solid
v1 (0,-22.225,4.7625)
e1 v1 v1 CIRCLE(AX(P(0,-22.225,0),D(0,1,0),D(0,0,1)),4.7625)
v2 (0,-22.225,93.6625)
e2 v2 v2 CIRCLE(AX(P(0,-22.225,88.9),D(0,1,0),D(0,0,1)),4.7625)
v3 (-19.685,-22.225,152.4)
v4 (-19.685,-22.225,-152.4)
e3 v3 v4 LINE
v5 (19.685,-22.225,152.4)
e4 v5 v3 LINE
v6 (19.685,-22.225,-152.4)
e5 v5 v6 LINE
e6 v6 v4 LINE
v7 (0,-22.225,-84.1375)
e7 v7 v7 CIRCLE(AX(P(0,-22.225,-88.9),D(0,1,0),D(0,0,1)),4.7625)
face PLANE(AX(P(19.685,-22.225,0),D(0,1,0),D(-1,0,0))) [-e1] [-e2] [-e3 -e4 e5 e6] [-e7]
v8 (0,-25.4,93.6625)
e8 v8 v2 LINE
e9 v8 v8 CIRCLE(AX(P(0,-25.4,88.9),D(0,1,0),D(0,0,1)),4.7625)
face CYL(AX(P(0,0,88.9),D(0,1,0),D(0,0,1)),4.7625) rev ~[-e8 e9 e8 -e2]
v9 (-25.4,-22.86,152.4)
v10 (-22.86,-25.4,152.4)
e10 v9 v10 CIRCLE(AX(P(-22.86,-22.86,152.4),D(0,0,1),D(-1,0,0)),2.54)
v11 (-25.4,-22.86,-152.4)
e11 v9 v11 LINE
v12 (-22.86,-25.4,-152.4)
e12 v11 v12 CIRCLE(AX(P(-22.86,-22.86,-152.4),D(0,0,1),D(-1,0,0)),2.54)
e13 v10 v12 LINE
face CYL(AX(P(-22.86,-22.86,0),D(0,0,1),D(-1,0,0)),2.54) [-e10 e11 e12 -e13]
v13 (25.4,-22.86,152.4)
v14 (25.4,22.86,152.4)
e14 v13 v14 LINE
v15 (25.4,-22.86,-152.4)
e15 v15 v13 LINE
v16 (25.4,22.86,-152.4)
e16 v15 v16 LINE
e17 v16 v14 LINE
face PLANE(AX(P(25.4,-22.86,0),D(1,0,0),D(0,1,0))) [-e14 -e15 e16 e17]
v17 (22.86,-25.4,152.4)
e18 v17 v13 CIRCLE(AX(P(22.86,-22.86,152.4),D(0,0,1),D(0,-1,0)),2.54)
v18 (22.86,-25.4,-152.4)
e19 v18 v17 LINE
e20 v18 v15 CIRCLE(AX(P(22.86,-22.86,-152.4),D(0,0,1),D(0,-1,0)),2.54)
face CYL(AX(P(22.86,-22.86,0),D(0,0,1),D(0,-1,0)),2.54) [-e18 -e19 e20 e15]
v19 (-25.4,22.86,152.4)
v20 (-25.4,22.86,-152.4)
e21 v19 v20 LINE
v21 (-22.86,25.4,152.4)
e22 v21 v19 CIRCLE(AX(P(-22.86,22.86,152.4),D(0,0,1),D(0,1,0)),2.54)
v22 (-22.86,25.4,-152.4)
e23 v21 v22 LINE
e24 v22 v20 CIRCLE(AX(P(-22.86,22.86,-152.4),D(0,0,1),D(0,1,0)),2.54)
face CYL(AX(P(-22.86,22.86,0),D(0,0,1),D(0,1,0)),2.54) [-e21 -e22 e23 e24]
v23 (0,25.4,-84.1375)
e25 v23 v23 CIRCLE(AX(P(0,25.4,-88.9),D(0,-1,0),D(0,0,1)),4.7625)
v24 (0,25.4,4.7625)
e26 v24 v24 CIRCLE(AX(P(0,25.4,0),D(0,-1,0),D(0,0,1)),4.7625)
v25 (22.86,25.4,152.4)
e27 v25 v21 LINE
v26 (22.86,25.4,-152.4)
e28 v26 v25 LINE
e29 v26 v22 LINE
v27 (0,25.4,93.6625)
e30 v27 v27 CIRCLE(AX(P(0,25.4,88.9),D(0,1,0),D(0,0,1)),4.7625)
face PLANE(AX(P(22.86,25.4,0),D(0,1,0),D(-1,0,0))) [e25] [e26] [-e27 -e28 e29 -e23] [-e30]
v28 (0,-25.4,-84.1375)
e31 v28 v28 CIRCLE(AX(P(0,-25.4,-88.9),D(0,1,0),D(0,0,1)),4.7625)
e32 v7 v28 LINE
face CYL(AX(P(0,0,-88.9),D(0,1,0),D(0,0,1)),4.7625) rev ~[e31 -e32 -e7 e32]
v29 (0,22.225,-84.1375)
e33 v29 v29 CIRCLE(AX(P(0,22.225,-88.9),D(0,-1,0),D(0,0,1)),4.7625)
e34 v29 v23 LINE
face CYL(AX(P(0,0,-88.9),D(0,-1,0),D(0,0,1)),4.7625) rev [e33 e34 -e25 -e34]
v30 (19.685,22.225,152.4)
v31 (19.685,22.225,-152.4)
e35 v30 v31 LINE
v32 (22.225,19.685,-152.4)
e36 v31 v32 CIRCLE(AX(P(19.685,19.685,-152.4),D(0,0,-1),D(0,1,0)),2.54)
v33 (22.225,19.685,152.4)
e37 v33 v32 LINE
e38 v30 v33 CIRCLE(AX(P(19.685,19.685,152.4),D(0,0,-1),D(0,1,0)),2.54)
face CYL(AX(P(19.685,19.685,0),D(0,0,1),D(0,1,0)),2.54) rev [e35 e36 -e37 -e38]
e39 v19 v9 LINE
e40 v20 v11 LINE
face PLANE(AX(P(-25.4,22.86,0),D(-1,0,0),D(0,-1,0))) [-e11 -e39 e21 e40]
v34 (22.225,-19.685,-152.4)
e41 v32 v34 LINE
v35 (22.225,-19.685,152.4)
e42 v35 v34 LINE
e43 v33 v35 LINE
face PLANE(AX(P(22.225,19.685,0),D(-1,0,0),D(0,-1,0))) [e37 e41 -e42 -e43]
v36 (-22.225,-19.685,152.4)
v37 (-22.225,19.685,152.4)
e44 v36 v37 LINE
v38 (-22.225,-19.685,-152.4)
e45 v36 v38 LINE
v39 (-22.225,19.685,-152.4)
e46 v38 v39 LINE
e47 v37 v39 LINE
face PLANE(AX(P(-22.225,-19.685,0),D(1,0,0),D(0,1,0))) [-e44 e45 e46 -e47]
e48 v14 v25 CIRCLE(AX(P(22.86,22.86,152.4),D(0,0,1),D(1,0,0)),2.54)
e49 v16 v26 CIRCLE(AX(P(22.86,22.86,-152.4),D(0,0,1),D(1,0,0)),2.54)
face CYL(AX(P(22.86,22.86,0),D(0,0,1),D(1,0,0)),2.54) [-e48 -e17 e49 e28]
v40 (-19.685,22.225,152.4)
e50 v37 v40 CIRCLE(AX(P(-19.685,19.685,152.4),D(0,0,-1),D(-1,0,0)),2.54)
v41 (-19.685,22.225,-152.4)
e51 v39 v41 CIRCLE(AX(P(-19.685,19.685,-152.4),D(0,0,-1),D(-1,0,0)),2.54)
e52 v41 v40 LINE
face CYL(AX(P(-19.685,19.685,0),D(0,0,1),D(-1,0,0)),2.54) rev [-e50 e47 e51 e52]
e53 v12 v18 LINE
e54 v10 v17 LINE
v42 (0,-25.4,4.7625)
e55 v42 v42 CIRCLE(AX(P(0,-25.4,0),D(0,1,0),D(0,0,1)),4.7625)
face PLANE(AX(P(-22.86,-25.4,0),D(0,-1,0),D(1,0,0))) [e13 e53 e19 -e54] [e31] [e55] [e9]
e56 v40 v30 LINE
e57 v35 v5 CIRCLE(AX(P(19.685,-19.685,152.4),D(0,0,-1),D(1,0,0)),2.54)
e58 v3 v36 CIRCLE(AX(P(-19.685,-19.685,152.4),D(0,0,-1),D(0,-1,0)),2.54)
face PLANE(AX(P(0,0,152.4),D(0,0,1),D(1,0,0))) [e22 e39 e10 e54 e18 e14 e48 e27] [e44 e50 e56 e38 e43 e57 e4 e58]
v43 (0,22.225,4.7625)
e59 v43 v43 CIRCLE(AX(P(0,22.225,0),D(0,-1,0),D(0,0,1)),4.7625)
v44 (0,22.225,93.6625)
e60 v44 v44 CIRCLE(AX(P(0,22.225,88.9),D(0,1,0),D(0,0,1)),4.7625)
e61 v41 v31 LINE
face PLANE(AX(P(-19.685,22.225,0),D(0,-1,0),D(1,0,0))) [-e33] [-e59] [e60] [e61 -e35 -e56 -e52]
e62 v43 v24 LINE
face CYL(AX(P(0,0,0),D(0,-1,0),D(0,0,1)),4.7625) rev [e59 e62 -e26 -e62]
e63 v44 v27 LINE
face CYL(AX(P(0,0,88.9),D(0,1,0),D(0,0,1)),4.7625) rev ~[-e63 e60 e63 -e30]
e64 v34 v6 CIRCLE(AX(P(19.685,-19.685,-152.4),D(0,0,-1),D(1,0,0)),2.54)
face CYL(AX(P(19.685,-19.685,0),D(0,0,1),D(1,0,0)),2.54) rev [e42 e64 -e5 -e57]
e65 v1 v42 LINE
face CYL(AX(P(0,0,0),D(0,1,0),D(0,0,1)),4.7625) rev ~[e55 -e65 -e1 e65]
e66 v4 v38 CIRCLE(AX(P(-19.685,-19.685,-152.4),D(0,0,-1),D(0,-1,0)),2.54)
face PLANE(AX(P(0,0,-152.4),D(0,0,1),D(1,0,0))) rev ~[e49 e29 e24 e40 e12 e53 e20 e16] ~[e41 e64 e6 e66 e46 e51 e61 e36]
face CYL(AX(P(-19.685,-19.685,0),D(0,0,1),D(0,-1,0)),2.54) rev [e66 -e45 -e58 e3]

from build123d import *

# Parameters (mm, degrees)
BOSS_EXTRUDE1_DEPTH = 152.4
SKETCH2_R           = 4.7625
CUT_EXTRUDE1_DEPTH  = 76.2


with BuildPart() as part:
    # Sketch1 → Boss-Extrude1 (new, symmetric)
    with BuildSketch(Plane.XY):
        with BuildLine():
            Line((-22.86, -25.4), (22.86, -25.4))
            ThreePointArc((22.86, -25.4), (24.656051224, -24.656051224), (25.4, -22.86))
            Line((25.4, -22.86), (25.4, 22.86))
            ThreePointArc((25.4, 22.86), (24.656051224, 24.656051224), (22.86, 25.4))
            Line((22.86, 25.4), (-22.86, 25.4))
            ThreePointArc((-22.86, 25.4), (-24.656051224, 24.656051224), (-25.4, 22.86))
            Line((-25.4, 22.86), (-25.4, -22.86))
            ThreePointArc((-25.4, -22.86), (-24.656051224, -24.656051224), (-22.86, -25.4))
        make_face()
        with BuildLine():
            Line((-19.685, 22.225), (19.685, 22.225))
            ThreePointArc((19.685, 22.225), (21.481051224, 21.481051224), (22.225, 19.685))
            Line((22.225, 19.685), (22.225, -19.685))
            ThreePointArc((22.225, -19.685), (21.481051224, -21.481051224), (19.685, -22.225))
            Line((19.685, -22.225), (-19.685, -22.225))
            ThreePointArc((-19.685, -22.225), (-21.481051224, -21.481051224), (-22.225, -19.685))
            Line((-22.225, -19.685), (-22.225, 19.685))
            ThreePointArc((-22.225, 19.685), (-21.481051224, 21.481051224), (-19.685, 22.225))
        make_face(mode=Mode.SUBTRACT)
    extrude(amount=BOSS_EXTRUDE1_DEPTH, both=True)

    # Sketch2 → Cut-Extrude1 (cut, symmetric)
    with BuildSketch(Plane(origin=(0, 0, 0), x_dir=(1, 0, 0), z_dir=(0, 1, 0))):
        with Locations(Location((0, 0, 0), (0, 0, 270))):
            Circle(SKETCH2_R)
        with Locations(Location((0, 88.9, 0), (0, 0, 270))):
            Circle(SKETCH2_R)
        with Locations(Location((0, -88.9, 0), (0, 0, 270))):
            Circle(SKETCH2_R)
    extrude(amount=CUT_EXTRUDE1_DEPTH, both=True, mode=Mode.SUBTRACT)


solid = part.part
